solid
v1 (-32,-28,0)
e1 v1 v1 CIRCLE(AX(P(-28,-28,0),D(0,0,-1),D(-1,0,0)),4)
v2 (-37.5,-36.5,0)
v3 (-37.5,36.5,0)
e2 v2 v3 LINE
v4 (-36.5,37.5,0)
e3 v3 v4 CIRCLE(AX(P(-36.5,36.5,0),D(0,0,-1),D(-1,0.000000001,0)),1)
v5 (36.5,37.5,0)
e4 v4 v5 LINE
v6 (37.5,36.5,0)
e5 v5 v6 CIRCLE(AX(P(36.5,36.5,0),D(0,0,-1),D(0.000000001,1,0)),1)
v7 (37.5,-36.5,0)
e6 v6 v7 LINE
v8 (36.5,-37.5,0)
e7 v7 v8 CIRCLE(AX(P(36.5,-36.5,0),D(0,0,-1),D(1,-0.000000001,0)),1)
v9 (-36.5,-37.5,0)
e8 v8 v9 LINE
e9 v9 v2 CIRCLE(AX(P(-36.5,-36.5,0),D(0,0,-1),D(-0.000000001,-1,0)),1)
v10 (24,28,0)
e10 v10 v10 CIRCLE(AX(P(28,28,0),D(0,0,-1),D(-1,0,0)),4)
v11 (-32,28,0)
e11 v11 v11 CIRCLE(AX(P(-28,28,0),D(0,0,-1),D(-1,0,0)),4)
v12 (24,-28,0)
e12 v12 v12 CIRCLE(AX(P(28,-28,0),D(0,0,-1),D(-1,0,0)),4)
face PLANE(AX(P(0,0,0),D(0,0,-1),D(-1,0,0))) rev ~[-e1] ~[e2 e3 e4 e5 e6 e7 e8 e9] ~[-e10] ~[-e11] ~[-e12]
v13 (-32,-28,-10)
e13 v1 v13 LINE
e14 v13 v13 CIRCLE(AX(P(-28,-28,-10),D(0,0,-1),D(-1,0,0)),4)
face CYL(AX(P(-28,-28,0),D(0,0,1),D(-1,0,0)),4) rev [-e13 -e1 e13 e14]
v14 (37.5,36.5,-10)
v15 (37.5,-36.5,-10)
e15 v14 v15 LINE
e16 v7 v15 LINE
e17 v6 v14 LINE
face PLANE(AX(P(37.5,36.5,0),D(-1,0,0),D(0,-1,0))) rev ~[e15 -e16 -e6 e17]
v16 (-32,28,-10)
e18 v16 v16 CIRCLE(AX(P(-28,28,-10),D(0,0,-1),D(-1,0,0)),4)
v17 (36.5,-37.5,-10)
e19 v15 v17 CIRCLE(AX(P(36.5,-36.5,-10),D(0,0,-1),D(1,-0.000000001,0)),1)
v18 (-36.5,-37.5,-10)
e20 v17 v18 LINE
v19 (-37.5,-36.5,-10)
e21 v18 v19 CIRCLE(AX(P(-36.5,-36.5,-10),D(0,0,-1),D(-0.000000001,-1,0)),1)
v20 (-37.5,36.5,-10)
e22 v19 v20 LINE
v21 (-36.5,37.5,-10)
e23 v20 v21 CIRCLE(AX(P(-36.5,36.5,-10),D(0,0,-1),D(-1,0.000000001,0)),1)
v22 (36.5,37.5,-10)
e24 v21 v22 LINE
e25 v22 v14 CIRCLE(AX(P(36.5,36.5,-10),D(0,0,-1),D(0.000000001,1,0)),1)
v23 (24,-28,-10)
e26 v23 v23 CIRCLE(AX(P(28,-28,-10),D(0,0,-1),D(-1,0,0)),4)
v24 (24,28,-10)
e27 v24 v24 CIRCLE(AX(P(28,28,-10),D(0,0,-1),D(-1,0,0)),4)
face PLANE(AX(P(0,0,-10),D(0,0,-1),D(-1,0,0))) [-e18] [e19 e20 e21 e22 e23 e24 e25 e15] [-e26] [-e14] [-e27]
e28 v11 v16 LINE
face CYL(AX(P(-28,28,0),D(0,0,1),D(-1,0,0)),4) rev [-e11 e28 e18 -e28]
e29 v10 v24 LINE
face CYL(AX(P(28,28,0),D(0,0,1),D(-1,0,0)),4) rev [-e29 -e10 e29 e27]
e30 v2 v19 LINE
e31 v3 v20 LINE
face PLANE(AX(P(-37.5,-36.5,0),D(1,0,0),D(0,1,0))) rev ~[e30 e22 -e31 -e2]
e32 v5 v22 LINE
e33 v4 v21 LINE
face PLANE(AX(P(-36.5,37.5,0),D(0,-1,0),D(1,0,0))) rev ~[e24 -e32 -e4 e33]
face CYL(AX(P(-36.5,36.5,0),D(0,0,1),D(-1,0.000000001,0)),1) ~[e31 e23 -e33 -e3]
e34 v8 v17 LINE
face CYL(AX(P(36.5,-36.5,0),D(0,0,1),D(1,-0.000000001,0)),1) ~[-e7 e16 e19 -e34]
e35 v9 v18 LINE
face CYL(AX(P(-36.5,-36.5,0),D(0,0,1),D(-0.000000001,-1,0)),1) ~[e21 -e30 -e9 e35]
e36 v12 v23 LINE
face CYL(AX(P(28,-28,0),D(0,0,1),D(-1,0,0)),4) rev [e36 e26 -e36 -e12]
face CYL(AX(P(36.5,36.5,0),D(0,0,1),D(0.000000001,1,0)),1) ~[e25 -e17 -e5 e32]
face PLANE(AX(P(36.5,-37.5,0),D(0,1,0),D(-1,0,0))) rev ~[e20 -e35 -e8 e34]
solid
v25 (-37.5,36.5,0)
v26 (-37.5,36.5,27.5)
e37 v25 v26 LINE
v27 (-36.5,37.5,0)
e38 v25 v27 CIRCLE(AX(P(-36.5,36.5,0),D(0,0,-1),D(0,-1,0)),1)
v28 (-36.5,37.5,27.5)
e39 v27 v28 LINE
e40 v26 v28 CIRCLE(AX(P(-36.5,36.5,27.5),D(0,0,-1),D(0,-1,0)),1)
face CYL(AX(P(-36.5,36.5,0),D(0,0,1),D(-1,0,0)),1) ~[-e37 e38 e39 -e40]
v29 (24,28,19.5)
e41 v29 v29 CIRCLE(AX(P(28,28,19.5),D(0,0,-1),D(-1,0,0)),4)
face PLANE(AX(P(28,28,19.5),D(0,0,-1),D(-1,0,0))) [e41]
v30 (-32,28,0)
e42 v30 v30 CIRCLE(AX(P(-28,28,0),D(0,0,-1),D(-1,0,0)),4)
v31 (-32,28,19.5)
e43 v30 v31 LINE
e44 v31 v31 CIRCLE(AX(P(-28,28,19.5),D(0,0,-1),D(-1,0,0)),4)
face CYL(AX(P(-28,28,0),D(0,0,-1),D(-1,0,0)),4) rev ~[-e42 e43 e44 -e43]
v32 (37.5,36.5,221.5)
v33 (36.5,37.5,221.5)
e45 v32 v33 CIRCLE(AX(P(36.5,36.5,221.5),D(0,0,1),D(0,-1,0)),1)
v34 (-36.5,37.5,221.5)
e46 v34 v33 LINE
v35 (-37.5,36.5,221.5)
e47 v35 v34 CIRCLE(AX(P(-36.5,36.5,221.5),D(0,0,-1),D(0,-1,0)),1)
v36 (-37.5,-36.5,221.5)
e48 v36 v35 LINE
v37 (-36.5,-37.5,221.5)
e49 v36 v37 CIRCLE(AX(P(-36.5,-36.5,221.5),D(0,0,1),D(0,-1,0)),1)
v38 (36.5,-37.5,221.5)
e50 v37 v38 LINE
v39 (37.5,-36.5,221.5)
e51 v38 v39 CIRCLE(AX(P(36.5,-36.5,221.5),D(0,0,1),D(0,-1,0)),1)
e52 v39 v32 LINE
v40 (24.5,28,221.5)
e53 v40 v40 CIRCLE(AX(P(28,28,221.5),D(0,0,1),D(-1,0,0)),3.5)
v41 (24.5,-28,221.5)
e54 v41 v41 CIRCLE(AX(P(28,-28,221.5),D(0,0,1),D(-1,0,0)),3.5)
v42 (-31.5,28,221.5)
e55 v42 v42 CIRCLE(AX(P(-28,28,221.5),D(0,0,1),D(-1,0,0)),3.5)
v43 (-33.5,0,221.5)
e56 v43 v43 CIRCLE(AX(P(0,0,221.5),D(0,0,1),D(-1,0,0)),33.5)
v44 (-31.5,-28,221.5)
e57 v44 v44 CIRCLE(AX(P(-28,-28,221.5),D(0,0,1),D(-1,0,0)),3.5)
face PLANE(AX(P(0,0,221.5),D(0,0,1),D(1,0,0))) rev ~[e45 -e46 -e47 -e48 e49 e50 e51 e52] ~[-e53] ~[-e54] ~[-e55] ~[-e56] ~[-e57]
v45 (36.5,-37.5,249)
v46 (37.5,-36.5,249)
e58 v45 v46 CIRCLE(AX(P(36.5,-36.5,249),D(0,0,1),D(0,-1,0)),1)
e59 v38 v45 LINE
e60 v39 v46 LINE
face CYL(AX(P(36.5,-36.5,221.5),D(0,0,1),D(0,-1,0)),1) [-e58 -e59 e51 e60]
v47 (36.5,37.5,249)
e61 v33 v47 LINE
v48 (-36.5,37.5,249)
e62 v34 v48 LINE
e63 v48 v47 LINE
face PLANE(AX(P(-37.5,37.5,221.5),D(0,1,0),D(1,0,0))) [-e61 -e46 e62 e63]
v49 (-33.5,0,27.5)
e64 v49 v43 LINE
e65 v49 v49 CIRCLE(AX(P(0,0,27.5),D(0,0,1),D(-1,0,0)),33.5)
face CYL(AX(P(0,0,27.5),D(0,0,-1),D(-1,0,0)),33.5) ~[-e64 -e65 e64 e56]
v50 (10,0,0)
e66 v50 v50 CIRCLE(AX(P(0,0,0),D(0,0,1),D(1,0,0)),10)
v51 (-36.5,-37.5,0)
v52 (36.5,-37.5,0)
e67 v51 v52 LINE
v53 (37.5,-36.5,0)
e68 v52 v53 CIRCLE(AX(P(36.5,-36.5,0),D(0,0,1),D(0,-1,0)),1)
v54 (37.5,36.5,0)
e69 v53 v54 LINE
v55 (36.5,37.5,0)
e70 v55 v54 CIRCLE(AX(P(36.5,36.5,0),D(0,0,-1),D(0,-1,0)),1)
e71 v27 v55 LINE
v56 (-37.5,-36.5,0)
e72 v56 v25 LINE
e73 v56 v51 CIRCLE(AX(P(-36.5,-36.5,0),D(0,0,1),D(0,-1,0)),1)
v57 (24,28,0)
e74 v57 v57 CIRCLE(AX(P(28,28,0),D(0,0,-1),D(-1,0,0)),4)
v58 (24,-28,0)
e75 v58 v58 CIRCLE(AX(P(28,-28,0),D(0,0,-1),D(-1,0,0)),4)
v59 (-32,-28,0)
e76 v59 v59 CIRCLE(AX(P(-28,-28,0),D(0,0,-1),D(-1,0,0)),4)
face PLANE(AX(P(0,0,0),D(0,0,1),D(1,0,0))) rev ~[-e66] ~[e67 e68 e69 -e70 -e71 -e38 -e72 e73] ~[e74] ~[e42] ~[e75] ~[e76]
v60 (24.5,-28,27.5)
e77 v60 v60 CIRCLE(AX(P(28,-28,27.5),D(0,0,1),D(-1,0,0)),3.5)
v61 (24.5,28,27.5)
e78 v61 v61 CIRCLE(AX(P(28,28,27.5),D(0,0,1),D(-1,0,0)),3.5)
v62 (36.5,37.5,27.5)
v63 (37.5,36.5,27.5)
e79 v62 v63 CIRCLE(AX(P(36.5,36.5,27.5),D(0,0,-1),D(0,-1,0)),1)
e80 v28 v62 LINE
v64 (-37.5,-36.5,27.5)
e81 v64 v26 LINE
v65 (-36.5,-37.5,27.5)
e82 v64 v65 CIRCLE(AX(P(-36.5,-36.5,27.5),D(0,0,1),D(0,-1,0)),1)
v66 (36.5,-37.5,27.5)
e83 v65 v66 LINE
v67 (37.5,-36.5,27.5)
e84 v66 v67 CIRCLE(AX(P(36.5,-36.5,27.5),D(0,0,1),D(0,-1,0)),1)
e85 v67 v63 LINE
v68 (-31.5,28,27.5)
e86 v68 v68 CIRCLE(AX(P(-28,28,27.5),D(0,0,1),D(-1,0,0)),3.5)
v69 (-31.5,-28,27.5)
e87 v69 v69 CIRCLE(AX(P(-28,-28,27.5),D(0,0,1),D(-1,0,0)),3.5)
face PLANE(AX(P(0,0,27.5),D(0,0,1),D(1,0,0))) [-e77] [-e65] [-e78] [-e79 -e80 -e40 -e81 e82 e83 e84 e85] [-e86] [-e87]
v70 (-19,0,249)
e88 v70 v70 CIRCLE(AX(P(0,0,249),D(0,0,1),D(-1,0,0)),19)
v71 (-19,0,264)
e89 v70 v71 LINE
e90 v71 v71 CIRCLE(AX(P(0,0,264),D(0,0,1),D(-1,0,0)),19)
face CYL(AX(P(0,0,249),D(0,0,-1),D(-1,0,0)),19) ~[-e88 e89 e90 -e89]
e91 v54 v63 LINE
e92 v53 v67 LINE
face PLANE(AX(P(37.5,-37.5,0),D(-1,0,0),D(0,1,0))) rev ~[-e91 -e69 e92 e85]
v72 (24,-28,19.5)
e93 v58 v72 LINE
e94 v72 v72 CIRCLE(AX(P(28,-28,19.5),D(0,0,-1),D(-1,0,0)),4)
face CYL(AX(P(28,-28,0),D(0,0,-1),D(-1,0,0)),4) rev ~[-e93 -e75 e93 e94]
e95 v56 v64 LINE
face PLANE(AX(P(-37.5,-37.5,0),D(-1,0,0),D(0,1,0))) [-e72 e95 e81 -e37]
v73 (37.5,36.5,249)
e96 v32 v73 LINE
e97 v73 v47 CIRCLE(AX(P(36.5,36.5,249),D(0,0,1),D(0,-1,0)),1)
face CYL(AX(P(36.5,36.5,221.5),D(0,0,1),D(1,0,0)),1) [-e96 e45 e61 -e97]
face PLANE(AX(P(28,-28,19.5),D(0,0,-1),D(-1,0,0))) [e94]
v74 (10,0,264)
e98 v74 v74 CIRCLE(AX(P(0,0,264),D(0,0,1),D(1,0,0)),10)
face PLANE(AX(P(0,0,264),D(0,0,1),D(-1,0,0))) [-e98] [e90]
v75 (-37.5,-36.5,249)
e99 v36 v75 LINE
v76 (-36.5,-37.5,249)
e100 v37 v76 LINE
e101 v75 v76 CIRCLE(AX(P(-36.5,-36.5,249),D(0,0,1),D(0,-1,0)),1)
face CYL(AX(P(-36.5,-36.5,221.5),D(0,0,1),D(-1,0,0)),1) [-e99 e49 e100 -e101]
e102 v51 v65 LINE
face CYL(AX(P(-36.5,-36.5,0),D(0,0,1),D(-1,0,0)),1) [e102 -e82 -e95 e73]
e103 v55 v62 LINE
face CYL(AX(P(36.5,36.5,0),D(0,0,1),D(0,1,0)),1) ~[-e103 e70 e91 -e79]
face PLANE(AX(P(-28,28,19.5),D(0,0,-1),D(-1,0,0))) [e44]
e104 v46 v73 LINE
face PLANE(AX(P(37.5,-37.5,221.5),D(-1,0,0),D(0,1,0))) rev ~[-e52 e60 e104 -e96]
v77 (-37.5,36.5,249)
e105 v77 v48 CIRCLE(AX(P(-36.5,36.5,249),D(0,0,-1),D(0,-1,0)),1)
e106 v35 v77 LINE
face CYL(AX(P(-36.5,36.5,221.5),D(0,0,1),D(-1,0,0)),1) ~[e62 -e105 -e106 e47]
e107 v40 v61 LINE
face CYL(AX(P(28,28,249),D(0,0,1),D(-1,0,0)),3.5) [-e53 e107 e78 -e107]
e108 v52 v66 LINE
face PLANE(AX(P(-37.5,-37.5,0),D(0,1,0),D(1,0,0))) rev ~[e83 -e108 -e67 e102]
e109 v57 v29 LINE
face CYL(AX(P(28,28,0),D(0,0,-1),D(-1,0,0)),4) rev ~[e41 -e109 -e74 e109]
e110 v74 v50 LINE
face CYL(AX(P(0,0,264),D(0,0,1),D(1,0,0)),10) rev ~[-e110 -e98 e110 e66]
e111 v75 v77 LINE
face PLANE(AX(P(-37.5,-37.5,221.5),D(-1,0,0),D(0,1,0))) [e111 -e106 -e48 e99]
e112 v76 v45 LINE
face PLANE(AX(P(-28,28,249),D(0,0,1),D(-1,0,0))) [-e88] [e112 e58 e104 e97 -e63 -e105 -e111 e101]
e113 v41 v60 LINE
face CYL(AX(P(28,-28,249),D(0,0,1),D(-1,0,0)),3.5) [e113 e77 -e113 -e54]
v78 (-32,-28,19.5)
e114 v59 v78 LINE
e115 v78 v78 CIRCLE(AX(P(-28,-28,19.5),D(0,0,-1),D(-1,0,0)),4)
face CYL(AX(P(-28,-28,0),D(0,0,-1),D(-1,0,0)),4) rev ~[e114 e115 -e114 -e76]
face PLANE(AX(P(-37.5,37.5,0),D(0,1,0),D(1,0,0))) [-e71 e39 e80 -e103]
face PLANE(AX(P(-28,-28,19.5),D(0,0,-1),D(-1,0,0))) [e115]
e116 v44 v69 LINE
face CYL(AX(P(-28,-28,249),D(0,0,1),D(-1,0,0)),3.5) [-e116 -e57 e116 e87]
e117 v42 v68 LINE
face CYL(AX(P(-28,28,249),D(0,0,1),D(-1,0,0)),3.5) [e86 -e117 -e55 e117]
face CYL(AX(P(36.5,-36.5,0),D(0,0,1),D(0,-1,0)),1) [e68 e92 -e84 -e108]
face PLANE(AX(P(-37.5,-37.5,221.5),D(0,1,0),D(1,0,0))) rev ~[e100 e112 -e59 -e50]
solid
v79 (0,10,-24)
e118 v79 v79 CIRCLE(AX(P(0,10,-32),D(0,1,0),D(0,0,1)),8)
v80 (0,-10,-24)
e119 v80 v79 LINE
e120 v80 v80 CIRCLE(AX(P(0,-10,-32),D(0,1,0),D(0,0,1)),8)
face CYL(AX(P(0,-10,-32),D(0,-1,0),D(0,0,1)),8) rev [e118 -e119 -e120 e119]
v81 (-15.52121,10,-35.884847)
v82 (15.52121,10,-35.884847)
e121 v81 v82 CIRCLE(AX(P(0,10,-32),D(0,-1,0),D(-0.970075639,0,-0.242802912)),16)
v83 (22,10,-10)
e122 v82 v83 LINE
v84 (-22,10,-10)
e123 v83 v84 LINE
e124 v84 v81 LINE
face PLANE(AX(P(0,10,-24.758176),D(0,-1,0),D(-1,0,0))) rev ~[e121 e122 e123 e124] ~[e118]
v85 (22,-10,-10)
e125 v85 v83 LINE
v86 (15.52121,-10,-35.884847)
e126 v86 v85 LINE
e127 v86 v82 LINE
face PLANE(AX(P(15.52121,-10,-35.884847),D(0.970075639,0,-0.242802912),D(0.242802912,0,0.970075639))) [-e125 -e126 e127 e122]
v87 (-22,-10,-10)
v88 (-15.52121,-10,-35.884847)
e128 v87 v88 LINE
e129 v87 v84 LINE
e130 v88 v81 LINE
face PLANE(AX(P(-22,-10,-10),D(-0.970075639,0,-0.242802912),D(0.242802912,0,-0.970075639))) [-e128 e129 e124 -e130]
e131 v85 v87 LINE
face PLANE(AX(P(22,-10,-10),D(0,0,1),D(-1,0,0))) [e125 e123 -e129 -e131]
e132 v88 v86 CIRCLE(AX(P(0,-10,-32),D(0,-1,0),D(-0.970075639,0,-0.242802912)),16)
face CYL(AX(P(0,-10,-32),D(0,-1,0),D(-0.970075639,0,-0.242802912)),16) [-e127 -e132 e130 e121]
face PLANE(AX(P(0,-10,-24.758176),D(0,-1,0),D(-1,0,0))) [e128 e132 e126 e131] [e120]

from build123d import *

# Parameters (mm, degrees)
SKETCH1_W                = 75
SKETCH1_H                = 75
BOSS_EXTRUDE1_DEPTH      = 27.5
SKETCH2_R                = 33.5
BOSS_EXTRUDE2_DEPTH      = 194
SKETCH3_W                = 75
SKETCH3_H                = 75
BOSS_EXTRUDE3_DEPTH      = 27.5
SKETCH4_R                = 3.5
BOSS_EXTRUDE4_DEPTH      = 234.5
SKETCH5_R                = 4
CUT_EXTRUDE1_DEPTH       = 19.5
FILLET1_R                = 1
SKETCH6_R                = 19
BOSS_EXTRUDE5_DEPTH      = 15
SKETCH7_R                = 10
CUT_EXTRUDE2_DEPTH       = 300
SKETCH9_R                = 4
BOSS_EXTRUDE6_DEPTH      = 10
BOSS_EXTRUDE7_DEPTH      = 10
BOSS_EXTRUDE7_DEPTH_BACK = 10
SKETCH10_R               = 8


with BuildPart() as part:
    # Sketch1 → Boss-Extrude1 (new body)
    with BuildSketch(Plane.XY):
        Rectangle(SKETCH1_W, SKETCH1_H)
    extrude(amount=BOSS_EXTRUDE1_DEPTH)

    # Sketch2 → Boss-Extrude2 (add)
    with BuildSketch(Plane.XY.offset(27.5)):
        with Locations(Location((0, 0, 0), (0, 0, 180))):
            Circle(SKETCH2_R)
    extrude(amount=BOSS_EXTRUDE2_DEPTH)

    # Sketch3 → Boss-Extrude3 (add)
    with BuildSketch(Plane.XY.offset(221.5)):
        Rectangle(SKETCH3_W, SKETCH3_H)
    extrude(amount=BOSS_EXTRUDE3_DEPTH)

    # Sketch4 → Boss-Extrude4 (add)
    with BuildSketch(Plane.XY.offset(249)):
        with Locations(Location((-28, 28, 0), (0, 0, 180))):
            Circle(SKETCH4_R)
        with Locations(Location((28, 28, 0), (0, 0, 180))):
            Circle(SKETCH4_R)
        with Locations(Location((28, -28, 0), (0, 0, 180))):
            Circle(SKETCH4_R)
        with Locations(Location((-28, -28, 0), (0, 0, 180))):
            Circle(SKETCH4_R)
    extrude(amount=-BOSS_EXTRUDE4_DEPTH)

    # Sketch5 → Cut-Extrude1 (cut)
    with BuildSketch(Plane(origin=(0, 0, 0), x_dir=(-1, 0, 0), z_dir=(0, 0, -1))):
        with Locations((-28, 28)):
            Circle(SKETCH5_R)
        with Locations((28, 28)):
            Circle(SKETCH5_R)
        with Locations((28, -28)):
            Circle(SKETCH5_R)
        with Locations((-28, -28)):
            Circle(SKETCH5_R)
    extrude(amount=-CUT_EXTRUDE1_DEPTH, mode=Mode.SUBTRACT)

    # Fillet1
    fillet1_edges = [part.edges().sort_by_distance(p)[0] for p in [
        (37.5, -37.5, 235.25),
        (37.5, 37.5, 235.25),
        (-37.5, 37.5, 235.25),
        (-37.5, -37.5, 235.25),
        (37.5, -37.5, 13.75),
        (-37.5, -37.5, 13.75),
        (-37.5, 37.5, 13.75),
        (37.5, 37.5, 13.75),
    ]]
    fillet(fillet1_edges, radius=FILLET1_R)

    # Sketch6 → Boss-Extrude5 (add)
    with BuildSketch(Plane.XY.offset(249)):
        with Locations(Location((0, 0, 0), (0, 0, 180))):
            Circle(SKETCH6_R)
    extrude(amount=BOSS_EXTRUDE5_DEPTH)

    # Sketch7 → Cut-Extrude2 (cut)
    with BuildSketch(Plane.XY.offset(264)):
        Circle(SKETCH7_R)
    extrude(amount=-CUT_EXTRUDE2_DEPTH, mode=Mode.SUBTRACT)


with BuildPart() as body_2:
    # Sketch9 → Boss-Extrude6 (new body)
    with BuildSketch(Plane(origin=(0, 0, 0), x_dir=(-1, 0, 0), z_dir=(0, 0, -1))):
        with BuildLine():
            Line((37.5, -36.5), (37.5, 36.5))
            ThreePointArc((37.5, 36.5), (37.207106781, 37.207106781), (36.5, 37.5))
            Line((36.5, 37.5), (-36.5, 37.5))
            ThreePointArc((-36.5, 37.5), (-37.207106781, 37.207106781), (-37.5, 36.5))
            Line((-37.5, 36.5), (-37.5, -36.5))
            ThreePointArc((-37.5, -36.5), (-37.207106781, -37.207106781), (-36.5, -37.5))
            Line((-36.5, -37.5), (36.5, -37.5))
            ThreePointArc((36.5, -37.5), (37.207106781, -37.207106781), (37.5, -36.5))
        make_face()
        with Locations((-28, 28)):
            Circle(SKETCH9_R, mode=Mode.SUBTRACT)
        with Locations((28, 28)):
            Circle(SKETCH9_R, mode=Mode.SUBTRACT)
        with Locations((28, -28)):
            Circle(SKETCH9_R, mode=Mode.SUBTRACT)
        with Locations((-28, -28)):
            Circle(SKETCH9_R, mode=Mode.SUBTRACT)
    extrude(amount=BOSS_EXTRUDE6_DEPTH)


with BuildPart() as body_3:
    # Sketch10 → Boss-Extrude7 (new, two sides: drawn at the far end of the back side and taken through both)
    with BuildSketch(Plane(origin=(0, 0, 0), x_dir=(1, 0, 0), z_dir=(0, 1, 0)).offset(-BOSS_EXTRUDE7_DEPTH_BACK)):
        with BuildLine():
            Line((-22, 10), (-15.521210228, 35.884846592))
            ThreePointArc((-15.521210228, 35.884846592), (0, 48), (15.521210228, 35.884846592))
            Line((15.521210228, 35.884846592), (22, 10))
            Line((22, 10), (-22, 10))
        make_face()
        with Locations(Location((0, 32, 0), (0, 0, 270))):
            Circle(SKETCH10_R, mode=Mode.SUBTRACT)
    extrude(amount=BOSS_EXTRUDE7_DEPTH + BOSS_EXTRUDE7_DEPTH_BACK)


solid = Compound([part.part, body_2.part, body_3.part])
